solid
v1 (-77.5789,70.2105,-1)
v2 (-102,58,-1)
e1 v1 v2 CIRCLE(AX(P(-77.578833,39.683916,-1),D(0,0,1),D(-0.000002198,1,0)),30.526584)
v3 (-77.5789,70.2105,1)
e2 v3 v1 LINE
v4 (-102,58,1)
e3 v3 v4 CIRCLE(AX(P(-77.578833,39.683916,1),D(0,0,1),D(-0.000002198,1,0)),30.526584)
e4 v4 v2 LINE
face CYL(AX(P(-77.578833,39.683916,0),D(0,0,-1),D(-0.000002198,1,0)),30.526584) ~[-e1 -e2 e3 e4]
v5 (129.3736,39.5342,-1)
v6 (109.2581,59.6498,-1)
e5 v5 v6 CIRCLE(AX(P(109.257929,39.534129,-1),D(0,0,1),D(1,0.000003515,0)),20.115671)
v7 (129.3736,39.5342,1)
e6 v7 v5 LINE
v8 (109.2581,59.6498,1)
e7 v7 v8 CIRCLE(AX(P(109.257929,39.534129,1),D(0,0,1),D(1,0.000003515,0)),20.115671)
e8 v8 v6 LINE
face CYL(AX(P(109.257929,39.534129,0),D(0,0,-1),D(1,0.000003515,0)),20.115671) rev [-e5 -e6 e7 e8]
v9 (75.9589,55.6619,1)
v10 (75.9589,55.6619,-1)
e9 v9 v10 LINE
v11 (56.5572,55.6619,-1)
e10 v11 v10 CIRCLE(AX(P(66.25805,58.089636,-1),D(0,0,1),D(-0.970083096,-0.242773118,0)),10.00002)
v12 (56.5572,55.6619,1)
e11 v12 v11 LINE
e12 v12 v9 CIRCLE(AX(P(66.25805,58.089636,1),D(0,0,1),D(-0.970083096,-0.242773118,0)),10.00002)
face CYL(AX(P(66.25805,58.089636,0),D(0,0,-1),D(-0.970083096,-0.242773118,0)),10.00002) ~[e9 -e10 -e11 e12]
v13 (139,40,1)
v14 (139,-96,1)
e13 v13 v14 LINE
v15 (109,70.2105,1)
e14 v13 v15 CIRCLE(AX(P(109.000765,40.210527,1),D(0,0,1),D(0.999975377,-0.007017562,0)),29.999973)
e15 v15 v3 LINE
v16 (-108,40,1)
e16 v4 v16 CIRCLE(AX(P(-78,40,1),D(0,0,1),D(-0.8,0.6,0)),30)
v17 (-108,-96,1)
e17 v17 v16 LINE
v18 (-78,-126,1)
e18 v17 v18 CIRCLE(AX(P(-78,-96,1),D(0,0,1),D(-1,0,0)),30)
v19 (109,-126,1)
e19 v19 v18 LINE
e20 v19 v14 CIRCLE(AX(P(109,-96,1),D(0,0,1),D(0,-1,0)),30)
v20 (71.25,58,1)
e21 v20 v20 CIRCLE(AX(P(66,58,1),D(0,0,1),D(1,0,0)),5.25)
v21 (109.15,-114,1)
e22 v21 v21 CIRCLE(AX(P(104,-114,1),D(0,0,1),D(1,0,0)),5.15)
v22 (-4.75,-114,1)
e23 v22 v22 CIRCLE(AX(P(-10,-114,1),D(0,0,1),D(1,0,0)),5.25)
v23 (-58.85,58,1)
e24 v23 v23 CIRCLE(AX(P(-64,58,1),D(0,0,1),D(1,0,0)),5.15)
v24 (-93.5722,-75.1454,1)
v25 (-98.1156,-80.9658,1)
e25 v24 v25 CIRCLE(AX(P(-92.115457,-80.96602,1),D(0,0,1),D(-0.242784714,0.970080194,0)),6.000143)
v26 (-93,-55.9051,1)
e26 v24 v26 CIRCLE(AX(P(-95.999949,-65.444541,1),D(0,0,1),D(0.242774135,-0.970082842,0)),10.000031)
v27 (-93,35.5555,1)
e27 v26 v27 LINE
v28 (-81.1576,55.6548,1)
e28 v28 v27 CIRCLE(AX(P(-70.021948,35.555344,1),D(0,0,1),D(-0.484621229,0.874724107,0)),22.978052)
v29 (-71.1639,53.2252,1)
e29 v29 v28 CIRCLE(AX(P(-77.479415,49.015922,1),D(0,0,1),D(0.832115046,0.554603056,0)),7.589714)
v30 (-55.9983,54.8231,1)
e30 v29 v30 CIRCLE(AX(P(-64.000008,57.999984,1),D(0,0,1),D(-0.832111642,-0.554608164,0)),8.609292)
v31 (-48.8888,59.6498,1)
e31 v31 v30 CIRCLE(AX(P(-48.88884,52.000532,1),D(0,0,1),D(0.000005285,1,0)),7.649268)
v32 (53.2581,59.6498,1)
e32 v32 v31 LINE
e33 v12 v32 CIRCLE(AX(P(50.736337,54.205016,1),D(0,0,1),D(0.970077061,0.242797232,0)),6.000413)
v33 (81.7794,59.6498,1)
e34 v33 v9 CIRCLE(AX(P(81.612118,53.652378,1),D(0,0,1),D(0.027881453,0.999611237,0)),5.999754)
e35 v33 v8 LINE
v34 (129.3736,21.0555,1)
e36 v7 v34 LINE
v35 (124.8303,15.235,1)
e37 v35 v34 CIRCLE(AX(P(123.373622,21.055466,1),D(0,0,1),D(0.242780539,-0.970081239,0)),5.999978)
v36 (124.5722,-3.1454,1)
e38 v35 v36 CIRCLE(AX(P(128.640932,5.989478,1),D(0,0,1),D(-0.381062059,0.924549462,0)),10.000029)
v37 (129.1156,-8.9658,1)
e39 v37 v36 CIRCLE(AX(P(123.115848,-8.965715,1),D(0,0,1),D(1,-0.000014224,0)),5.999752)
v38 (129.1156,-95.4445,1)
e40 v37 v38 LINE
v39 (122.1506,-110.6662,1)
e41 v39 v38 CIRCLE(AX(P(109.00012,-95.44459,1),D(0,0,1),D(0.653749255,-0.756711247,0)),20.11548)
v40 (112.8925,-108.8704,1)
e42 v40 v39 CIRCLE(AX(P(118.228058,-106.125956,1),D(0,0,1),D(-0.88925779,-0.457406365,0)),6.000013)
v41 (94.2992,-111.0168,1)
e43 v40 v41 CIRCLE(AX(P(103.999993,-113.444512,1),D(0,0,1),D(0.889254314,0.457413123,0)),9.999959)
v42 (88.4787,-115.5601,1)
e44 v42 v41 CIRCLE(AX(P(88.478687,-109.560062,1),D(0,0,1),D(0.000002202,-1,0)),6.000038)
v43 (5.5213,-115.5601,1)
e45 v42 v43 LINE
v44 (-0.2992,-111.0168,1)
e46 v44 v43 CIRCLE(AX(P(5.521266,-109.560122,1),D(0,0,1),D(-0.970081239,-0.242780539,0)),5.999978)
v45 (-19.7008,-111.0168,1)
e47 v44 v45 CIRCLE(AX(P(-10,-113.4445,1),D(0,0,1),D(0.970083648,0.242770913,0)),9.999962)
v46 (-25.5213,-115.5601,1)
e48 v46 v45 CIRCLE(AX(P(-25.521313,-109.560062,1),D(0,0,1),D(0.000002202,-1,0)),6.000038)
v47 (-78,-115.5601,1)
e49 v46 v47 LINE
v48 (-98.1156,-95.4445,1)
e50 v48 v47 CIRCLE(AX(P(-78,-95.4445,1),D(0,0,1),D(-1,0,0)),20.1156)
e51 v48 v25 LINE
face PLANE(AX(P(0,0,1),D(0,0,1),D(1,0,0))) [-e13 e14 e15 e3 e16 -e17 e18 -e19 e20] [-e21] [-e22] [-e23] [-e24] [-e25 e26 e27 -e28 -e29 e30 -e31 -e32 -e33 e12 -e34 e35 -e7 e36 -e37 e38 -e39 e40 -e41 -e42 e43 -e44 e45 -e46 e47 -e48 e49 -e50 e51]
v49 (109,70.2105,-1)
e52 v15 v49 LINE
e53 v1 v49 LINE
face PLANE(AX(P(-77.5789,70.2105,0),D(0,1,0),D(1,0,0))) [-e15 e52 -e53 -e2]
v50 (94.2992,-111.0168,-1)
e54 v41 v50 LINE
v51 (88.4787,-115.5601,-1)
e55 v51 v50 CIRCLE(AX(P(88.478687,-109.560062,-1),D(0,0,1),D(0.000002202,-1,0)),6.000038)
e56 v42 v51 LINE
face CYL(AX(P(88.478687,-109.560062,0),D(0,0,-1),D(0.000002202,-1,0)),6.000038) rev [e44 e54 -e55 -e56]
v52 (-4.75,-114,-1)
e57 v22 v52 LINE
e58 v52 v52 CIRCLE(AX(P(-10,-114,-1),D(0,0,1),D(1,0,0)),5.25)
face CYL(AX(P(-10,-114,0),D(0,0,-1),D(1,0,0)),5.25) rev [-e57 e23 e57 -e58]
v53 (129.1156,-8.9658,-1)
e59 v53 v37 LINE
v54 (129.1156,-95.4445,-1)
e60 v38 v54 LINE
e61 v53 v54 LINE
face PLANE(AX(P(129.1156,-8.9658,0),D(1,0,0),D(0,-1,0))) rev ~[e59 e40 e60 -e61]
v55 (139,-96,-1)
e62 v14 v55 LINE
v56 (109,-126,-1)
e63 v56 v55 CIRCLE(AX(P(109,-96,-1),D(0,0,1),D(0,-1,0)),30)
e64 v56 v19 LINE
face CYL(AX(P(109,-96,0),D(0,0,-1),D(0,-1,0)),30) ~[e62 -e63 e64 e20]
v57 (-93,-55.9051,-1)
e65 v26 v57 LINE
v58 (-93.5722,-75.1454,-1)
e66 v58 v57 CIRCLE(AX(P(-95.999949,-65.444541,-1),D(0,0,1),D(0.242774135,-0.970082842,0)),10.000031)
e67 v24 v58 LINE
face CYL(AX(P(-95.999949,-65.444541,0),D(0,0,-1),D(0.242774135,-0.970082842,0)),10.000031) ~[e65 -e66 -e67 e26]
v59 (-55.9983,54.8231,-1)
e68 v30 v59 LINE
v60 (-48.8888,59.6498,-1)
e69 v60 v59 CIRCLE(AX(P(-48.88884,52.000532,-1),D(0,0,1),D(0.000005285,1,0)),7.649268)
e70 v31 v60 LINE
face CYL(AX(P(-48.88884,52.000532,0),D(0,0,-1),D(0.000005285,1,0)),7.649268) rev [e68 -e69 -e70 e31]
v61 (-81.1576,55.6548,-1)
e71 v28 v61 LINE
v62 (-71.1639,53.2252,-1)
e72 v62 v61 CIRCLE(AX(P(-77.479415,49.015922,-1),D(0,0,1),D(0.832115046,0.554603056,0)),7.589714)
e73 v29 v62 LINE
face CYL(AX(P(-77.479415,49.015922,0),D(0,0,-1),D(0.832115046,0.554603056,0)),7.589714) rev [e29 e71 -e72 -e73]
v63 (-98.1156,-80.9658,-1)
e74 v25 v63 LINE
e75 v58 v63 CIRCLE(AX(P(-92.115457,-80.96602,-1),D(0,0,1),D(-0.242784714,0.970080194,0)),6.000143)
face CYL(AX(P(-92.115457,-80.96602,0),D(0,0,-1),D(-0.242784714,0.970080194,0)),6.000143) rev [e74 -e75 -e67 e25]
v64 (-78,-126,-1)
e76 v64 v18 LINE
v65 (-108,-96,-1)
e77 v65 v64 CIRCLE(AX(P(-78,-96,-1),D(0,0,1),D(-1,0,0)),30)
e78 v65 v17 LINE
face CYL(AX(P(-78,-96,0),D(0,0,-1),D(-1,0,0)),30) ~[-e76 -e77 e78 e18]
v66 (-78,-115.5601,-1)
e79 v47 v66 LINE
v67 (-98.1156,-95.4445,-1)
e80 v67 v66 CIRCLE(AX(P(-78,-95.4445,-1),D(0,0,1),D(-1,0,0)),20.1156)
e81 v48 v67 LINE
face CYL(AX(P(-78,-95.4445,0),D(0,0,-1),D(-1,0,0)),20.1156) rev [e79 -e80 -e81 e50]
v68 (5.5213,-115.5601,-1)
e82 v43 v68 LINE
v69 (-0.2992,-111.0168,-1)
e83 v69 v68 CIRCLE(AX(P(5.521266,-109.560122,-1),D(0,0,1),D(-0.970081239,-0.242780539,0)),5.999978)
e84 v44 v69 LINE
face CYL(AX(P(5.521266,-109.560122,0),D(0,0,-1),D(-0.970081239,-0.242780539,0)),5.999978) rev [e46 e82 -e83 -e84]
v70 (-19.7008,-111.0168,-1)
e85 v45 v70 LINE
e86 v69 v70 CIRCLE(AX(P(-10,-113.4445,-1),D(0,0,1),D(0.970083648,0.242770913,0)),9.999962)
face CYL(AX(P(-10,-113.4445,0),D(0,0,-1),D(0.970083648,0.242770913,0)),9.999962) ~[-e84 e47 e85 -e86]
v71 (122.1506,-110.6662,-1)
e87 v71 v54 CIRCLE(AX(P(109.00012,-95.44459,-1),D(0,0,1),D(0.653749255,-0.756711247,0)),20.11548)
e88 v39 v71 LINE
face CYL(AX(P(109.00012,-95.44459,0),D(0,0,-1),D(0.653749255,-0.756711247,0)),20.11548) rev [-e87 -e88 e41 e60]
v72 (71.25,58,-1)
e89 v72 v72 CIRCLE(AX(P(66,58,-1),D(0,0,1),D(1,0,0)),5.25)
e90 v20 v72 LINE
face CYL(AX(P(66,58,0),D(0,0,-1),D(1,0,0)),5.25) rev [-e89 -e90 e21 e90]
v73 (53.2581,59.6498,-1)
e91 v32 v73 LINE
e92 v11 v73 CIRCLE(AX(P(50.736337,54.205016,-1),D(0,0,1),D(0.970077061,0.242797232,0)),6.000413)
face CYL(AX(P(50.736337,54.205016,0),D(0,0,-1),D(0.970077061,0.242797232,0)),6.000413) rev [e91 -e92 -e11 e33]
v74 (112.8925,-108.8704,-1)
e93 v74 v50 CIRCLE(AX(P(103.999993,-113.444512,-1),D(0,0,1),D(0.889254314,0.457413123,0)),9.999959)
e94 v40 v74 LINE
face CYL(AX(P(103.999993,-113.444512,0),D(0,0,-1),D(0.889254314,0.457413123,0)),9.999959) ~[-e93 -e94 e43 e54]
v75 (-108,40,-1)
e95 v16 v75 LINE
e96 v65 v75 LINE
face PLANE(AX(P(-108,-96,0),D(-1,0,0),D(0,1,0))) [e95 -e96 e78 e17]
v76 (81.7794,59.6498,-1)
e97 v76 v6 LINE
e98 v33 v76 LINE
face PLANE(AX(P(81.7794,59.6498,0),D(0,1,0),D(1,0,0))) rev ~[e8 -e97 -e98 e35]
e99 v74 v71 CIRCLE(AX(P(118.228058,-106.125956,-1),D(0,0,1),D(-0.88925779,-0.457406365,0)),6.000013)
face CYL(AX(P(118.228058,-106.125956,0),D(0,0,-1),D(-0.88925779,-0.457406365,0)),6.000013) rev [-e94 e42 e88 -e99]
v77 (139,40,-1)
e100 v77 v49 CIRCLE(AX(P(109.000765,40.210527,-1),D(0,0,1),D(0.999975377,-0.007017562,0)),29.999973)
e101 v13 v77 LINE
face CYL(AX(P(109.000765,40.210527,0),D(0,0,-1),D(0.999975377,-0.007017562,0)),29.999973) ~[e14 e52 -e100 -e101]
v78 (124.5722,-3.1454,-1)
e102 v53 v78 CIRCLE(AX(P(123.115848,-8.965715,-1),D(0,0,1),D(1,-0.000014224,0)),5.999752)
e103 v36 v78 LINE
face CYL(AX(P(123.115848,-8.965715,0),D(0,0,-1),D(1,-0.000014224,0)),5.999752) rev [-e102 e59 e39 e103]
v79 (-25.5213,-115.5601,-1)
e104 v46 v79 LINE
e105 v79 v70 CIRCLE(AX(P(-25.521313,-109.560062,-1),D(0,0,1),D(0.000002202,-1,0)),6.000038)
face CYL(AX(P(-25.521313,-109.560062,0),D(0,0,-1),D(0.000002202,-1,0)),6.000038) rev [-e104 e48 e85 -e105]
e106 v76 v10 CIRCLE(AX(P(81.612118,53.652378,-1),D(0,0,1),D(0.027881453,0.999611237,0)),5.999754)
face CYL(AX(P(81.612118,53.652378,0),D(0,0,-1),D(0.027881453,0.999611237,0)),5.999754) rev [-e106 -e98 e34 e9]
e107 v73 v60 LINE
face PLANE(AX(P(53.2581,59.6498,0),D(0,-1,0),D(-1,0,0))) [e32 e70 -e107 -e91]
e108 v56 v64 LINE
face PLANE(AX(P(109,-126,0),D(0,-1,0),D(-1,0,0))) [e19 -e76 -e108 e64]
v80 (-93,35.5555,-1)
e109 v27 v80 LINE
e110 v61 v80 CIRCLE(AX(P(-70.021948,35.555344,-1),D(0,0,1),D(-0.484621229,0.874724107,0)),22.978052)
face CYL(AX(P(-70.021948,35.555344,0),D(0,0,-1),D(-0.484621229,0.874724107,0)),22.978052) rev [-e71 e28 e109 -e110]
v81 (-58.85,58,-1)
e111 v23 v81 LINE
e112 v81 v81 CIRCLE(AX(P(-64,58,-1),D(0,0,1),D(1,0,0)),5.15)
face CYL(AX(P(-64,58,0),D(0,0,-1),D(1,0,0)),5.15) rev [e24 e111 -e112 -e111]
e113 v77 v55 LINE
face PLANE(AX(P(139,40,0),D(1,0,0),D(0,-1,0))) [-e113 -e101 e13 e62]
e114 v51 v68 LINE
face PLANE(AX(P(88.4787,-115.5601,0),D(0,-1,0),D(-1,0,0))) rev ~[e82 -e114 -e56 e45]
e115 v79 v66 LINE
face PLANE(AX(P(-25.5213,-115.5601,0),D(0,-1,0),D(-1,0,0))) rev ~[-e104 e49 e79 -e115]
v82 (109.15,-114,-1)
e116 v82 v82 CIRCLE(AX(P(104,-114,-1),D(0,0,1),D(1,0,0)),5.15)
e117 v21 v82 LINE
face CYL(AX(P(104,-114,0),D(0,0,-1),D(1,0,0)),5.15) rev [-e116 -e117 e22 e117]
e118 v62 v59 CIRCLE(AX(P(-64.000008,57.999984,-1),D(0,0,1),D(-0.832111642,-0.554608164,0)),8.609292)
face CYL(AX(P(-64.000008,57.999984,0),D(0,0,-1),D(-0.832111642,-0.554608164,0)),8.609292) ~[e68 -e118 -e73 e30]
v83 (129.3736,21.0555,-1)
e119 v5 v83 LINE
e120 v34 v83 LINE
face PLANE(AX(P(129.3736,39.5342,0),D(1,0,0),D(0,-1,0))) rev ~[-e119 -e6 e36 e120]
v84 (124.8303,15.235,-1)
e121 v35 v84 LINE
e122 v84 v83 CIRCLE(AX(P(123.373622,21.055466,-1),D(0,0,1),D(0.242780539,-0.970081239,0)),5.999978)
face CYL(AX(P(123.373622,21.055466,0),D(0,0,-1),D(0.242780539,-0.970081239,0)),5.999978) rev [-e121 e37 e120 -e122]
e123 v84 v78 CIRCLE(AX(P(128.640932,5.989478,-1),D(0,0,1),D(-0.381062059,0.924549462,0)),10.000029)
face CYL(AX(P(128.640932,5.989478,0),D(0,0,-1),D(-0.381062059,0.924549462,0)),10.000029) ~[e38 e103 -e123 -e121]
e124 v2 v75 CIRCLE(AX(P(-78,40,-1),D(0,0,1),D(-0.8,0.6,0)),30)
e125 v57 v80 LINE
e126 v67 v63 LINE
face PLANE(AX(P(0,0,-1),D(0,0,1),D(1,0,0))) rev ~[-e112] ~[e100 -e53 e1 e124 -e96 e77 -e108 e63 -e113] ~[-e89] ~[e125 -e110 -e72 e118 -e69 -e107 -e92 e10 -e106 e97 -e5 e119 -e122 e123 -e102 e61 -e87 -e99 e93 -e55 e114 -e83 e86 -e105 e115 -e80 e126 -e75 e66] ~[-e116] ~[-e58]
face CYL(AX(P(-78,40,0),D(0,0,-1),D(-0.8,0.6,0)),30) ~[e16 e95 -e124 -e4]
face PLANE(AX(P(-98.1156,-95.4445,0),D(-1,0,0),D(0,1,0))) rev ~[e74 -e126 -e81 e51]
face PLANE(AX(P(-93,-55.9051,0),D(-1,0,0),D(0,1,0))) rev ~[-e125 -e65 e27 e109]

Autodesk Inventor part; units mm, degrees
ref_plane "YZ Plane" through (0, 0, 0) normal (1, 0, 0) x (0, 1, 0)
ref_plane "XZ Plane" through (0, 0, 0) normal (0, 1, 0) x (-1, 0, 0)
sketch "Эскиз1" plane through (0, 0, 0) normal (0, 0, 1) x (1, 0, 0)
  circle A0 centre (127, 6) radius 5.25
  circle A1 centre (104, -114) radius 5.15
  circle A2 centre (-10, -114) radius 5.25
  arc A3 (-108, -96) -> (-78, -126) centre (-78, -96) ccw
  line L0 (109, -126) -> (-78, -126)
  arc A4 (109, -126) -> (139, -96) centre (109, -96) ccw
  line L1 (139, 40) -> (139, -96)
  arc A5 (139, 40) -> (109, 70.2105) centre (109.0007, 40.2105) ccw
  line L2 (52, 70.2105) -> (109, 70.2105)
  line L3 (-77.5789, 70.2105) -> (52, 70.2105)
  arc A6 (-102, 58) -> (-108, 40) centre (-78, 40) ccw
  line L4 (-108, -96) -> (-108, 40)
  circle A7 centre (-64, 58) radius 5.15
  circle A8 centre (-96, -66) radius 5.25
  circle A9 centre (66, 58) radius 5.25
  line L5 (129.1156, -8.9658) -> (129.1156, -95.4445)
  arc A10 (122.1506, -110.6662) -> (129.1156, -95.4445) centre (109, -95.4445) ccw
  arc A11 (112.8925, -108.8704) -> (122.1506, -110.6662) centre (118.2281, -106.1259) ccw
  arc A12 (112.8925, -108.8704) -> (94.2992, -111.0168) centre (104, -113.4445) ccw
  arc A13 (88.4787, -115.5601) -> (94.2992, -111.0168) centre (88.4787, -109.5601) ccw
  line L6 (88.4787, -115.5601) -> (5.5213, -115.5601)
  arc A14 (-0.2992, -111.0168) -> (5.5213, -115.5601) centre (5.5213, -109.5601) ccw
  arc A15 (-0.2992, -111.0168) -> (-19.7008, -111.0168) centre (-10, -113.4445) ccw
  arc A16 (-25.5213, -115.5601) -> (-19.7008, -111.0168) centre (-25.5213, -109.5601) ccw
  line L7 (-25.5213, -115.5601) -> (-78, -115.5601)
  arc A17 (-98.1156, -95.4445) -> (-78, -115.5601) centre (-78, -95.4445) ccw
  line L8 (-98.1156, -95.4445) -> (-98.1156, -80.9658)
  arc A18 (-93.5722, -75.1454) -> (-98.1156, -80.9658) centre (-92.1156, -80.9658) ccw
  arc A19 (-93.5722, -75.1454) -> (-93, -55.9051) centre (-96, -65.4445) ccw
  line L9 (-93, -55.9051) -> (-93, 35.5555)
  arc A20 (56.5572, 55.6619) -> (53.2581, 59.6498) centre (50.7367, 54.2052) ccw
  arc A21 (56.5572, 55.6619) -> (75.9589, 55.6619) centre (66.2581, 58.0897) ccw
  arc A22 (81.7794, 59.6498) -> (75.9589, 55.6619) centre (81.6122, 53.6521) ccw
  line L10 (81.7794, 59.6498) -> (109.2581, 59.6498)
  arc A23 (129.3736, 39.5342) -> (109.2581, 59.6498) centre (109.2581, 39.5342) ccw
  line L11 (129.3736, 39.5342) -> (129.3736, 21.0555)
  arc A24 (124.8303, 15.235) -> (129.3736, 21.0555) centre (123.3736, 21.0555) ccw
  arc A25 (124.8303, 15.235) -> (124.5722, -3.1454) centre (128.6409, 5.9895) ccw
  arc A26 (129.1156, -8.9658) -> (124.5722, -3.1454) centre (123.1156, -8.9658) ccw
  line L12 (53.2581, 59.6498) -> (-48.8888, 59.6498)
  arc A27 (-48.8888, 59.6498) -> (-55.9983, 54.8231) centre (-48.8888, 52.0004) ccw
  arc A28 (-71.1639, 53.2252) -> (-55.9983, 54.8231) centre (-64, 58) ccw
  arc A29 (-71.1639, 53.2252) -> (-81.1576, 55.6548) centre (-77.4795, 49.0158) ccw
  arc A30 (-81.1576, 55.6548) -> (-93, 35.5555) centre (-70.0221, 35.5555) ccw
  arc A31 (-77.5789, 70.2105) -> (-102, 58) centre (-77.5789, 39.6842) ccw
  point P0 (0, 0)
  point P1 (0, 0)
extrude "Выдавливание1" add sketch "Эскиз1" along normal mid plane 2
sketch "Эскиз2" plane through (0, 0, -1) normal (0, 0, -1) x (-1, 0, 0)
  circle A0 centre (96, -66) radius 5.25 projected
  circle A1 centre (-127, 6) radius 5.25 projected
  point P0 (0, 0)
ref_plane "РабПлоскость1" through (-107, -134.6003, 1) normal (0, 0, -1) x (0, 1, 0)
extrude "Выдавливание2" add sketch "Эскиз2" against normal up to surface (2 mm away)
properties part number "Прокладка"
